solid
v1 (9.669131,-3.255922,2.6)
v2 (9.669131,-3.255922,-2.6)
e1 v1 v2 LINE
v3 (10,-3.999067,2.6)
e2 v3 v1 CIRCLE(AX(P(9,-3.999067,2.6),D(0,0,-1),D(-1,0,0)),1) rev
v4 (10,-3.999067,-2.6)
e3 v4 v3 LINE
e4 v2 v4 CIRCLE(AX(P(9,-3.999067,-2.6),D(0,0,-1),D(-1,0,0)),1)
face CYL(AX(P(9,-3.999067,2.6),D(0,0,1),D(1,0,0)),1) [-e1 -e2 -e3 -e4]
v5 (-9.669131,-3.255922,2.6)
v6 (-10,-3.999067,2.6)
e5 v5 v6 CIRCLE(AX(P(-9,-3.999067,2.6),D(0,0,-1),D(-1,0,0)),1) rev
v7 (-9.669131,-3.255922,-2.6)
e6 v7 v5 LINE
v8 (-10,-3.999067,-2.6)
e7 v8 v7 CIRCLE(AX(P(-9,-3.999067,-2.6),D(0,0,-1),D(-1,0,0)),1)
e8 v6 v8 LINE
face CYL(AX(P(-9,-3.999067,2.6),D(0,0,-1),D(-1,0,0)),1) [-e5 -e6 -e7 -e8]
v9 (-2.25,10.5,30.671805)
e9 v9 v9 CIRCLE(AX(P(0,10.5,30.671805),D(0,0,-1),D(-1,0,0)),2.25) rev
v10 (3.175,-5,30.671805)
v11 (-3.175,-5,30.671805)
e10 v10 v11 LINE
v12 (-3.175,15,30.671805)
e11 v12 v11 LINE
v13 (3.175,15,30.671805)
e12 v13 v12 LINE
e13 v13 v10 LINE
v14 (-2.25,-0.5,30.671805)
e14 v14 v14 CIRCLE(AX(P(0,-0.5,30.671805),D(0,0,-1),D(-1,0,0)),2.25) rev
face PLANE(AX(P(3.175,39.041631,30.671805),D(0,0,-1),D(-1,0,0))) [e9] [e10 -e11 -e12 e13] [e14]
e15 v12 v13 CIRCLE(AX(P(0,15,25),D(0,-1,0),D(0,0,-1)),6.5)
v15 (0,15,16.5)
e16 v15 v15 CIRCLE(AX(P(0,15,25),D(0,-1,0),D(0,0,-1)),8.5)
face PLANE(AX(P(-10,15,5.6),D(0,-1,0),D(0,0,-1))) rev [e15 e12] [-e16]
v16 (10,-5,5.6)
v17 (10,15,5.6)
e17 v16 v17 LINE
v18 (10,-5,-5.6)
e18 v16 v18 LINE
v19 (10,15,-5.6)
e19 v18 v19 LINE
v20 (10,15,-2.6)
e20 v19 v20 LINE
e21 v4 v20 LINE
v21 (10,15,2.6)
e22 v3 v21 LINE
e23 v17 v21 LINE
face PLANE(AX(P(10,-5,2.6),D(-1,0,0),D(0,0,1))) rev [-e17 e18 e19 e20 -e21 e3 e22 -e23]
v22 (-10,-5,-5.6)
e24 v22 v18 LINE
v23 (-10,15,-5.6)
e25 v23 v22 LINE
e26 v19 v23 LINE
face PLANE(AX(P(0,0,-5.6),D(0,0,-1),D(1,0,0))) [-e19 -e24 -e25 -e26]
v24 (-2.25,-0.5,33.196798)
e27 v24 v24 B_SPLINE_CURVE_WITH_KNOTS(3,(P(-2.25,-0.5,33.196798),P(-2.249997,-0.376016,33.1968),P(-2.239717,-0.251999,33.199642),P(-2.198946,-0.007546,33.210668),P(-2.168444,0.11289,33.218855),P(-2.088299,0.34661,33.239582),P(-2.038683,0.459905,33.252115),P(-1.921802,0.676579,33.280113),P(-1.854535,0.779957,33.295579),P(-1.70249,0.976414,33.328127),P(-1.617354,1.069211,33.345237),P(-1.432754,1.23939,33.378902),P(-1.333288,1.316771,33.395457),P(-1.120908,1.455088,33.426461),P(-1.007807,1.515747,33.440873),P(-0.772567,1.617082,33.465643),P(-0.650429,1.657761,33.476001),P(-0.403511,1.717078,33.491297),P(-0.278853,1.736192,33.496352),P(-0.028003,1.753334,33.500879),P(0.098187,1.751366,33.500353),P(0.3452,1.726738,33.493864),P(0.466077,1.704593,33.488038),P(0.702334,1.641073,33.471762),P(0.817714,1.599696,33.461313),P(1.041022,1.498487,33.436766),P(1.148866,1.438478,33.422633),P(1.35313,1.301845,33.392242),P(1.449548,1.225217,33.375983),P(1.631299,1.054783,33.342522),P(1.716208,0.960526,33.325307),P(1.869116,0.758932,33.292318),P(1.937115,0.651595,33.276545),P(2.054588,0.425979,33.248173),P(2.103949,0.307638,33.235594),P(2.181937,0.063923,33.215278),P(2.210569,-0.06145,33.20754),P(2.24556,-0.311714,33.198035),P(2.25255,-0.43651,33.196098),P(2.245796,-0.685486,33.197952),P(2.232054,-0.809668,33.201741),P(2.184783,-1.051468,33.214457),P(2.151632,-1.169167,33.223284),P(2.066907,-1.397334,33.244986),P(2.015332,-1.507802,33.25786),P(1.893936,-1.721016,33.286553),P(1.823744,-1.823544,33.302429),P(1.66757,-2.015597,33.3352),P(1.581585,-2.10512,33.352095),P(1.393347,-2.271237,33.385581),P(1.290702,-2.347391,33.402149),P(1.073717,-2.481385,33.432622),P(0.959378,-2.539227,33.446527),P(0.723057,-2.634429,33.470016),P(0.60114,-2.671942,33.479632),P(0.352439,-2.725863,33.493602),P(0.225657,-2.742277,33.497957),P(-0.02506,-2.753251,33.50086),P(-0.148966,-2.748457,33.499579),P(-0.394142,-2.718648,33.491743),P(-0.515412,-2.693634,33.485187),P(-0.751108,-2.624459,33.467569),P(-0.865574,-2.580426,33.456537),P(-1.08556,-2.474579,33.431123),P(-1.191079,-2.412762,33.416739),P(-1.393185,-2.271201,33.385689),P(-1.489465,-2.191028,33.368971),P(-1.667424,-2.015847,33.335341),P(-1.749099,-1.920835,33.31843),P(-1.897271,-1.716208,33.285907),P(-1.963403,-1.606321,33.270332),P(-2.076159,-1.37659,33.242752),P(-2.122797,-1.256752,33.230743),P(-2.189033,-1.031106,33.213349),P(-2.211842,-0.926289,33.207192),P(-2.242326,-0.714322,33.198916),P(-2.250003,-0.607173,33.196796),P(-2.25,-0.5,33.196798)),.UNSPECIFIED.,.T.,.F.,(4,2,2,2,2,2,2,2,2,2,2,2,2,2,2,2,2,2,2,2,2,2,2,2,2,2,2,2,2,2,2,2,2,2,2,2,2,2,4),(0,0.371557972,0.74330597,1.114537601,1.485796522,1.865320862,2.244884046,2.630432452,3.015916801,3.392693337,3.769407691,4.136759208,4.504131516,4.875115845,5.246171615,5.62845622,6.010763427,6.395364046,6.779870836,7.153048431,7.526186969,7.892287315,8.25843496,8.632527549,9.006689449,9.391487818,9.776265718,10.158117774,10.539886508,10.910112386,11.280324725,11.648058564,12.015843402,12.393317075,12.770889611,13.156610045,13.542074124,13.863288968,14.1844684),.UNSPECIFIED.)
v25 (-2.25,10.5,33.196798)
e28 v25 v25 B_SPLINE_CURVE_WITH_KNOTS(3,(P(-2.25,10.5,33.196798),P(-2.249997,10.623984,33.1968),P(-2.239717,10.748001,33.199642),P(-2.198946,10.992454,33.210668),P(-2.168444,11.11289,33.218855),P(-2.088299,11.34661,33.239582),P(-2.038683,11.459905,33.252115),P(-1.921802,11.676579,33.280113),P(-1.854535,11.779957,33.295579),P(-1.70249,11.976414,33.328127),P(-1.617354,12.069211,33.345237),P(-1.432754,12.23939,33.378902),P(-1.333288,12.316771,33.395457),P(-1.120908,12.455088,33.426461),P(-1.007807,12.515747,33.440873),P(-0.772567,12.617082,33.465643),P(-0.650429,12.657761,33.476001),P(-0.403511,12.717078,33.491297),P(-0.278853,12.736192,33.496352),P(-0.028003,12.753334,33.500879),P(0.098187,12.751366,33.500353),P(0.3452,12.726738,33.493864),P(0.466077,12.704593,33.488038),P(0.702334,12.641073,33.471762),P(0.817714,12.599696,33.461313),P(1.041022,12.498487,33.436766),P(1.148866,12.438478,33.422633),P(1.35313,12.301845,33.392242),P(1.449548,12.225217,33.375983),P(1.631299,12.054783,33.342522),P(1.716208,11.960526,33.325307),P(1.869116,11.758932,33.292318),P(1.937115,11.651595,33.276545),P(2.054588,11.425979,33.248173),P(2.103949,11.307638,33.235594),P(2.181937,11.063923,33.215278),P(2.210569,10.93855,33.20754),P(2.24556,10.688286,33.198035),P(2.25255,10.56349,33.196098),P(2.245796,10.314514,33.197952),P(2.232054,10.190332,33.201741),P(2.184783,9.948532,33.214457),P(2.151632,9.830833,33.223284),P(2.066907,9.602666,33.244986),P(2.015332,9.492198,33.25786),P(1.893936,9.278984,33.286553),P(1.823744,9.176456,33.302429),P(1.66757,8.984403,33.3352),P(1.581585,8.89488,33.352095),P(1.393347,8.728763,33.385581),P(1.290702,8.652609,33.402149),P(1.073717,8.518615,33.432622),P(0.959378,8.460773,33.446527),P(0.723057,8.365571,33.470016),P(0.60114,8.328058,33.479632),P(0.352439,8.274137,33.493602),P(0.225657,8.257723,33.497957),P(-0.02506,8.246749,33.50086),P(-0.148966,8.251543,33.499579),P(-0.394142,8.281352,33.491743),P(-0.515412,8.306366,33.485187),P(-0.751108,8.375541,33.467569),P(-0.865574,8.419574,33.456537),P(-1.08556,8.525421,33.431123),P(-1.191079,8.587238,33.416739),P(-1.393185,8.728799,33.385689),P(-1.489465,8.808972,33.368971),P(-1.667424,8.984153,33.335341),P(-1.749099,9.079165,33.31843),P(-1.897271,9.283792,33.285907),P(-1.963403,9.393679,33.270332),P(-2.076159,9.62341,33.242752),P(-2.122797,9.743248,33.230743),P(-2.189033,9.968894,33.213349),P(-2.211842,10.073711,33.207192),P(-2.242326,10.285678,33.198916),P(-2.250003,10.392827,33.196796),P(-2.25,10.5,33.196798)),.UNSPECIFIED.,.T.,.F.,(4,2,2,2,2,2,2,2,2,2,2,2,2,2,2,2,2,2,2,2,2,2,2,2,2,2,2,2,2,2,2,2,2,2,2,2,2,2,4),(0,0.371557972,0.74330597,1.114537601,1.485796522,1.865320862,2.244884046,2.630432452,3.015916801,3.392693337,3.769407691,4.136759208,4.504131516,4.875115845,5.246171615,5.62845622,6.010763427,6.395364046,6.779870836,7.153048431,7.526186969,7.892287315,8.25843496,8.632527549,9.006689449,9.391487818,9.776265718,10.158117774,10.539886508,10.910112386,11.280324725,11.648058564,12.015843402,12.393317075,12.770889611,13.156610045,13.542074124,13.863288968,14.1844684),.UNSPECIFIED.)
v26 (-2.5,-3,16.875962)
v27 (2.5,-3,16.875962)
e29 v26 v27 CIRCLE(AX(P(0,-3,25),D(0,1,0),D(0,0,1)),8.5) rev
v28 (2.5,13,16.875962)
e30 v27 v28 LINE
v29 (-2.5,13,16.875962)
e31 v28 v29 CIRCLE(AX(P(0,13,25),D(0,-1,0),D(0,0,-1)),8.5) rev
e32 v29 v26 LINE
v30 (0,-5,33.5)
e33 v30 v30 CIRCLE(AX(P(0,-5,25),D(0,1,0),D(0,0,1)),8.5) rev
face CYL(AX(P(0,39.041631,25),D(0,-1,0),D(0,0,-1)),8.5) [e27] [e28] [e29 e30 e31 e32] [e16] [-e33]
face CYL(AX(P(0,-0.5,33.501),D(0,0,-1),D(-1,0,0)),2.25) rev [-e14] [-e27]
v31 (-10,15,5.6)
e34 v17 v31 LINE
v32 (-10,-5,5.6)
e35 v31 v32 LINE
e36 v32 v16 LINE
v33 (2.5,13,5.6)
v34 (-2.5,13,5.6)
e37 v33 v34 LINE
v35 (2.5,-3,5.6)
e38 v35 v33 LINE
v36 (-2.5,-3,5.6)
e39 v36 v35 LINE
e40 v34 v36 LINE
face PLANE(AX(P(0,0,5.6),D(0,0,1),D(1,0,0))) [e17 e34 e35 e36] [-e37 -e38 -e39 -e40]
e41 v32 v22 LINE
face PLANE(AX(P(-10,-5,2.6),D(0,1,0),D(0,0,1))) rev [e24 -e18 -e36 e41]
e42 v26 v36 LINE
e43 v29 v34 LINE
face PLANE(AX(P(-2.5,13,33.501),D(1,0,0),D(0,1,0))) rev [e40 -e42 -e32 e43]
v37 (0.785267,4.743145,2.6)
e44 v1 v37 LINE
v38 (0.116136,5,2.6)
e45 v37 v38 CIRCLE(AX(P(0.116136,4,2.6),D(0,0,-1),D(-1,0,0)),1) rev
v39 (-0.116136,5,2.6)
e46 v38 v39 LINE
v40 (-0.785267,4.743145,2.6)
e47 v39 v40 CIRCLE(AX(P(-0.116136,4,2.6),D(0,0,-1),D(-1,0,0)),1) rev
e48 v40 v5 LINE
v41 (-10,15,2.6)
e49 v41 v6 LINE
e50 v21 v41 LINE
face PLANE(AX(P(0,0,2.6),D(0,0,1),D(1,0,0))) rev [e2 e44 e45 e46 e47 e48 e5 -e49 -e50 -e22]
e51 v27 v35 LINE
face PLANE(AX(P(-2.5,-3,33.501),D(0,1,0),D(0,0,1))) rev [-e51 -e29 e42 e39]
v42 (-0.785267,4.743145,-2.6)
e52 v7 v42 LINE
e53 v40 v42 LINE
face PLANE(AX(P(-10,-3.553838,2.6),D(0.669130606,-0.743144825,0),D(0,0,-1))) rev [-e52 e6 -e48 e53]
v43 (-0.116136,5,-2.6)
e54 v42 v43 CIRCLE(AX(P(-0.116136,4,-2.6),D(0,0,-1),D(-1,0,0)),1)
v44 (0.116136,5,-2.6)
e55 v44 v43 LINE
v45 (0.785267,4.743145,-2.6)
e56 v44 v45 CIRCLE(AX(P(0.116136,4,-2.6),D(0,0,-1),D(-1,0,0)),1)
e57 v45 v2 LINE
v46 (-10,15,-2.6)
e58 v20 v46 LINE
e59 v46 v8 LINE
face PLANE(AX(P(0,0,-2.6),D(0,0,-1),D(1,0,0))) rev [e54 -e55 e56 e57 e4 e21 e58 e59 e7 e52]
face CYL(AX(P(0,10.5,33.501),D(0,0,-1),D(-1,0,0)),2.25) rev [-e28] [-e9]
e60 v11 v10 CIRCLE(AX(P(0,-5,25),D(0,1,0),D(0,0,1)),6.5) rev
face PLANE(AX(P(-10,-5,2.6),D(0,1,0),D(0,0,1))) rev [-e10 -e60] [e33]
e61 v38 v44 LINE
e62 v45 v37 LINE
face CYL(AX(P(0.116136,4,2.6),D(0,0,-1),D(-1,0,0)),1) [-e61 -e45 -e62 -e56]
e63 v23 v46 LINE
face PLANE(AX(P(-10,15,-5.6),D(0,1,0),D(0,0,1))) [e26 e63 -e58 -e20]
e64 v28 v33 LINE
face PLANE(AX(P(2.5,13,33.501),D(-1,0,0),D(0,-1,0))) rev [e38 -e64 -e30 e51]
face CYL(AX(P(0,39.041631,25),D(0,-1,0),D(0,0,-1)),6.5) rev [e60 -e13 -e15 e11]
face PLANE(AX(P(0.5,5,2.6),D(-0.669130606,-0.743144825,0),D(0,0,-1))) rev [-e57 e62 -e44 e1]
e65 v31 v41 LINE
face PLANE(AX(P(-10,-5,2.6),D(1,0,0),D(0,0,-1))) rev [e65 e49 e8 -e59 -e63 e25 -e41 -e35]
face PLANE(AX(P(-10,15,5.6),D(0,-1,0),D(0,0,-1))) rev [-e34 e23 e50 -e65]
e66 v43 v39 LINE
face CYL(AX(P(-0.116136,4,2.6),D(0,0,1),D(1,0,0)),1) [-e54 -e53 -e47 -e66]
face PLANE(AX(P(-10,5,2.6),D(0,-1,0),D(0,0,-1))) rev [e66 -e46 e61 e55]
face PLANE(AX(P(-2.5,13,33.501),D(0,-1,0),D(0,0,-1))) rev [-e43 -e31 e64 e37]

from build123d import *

# Parameters (mm, degrees)
SKETCH2_W                       = 20
SKETCH2_H                       = 10
BOSS_EXTRUDE1_DEPTH             = 2.6
CHAMFER1_SIZE                   = 9.5
CHAMFER1_SIZE2                  = 8.553838421
FILLET3_R                       = 1
SKETCH3_W                       = 20
SKETCH3_H                       = 20
BOSS_EXTRUDE2_DEPTH             = 3
BOSS_EXTRUDE3_REACH             = 20.877
SKETCH6_R                       = 8.5
BOSS_EXTRUDE3_DIRECTION_2_REACH = 20.877
BOSS_EXTRUDE4_REACH             = 35.218
BOSS_EXTRUDE4_END_RADIUS        = 8.5
SKETCH5_W                       = 5
SKETCH5_H                       = 16
CUT_EXTRUDE1_REACH              = 33.311
CUT_EXTRUDE1_END_RADIUS         = 8.5
SKETCH7_R                       = 2.25


with BuildPart() as part:
    # Sketch2 → Boss-Extrude1 (new, symmetric)
    with BuildSketch(Plane.XY):
        Rectangle(SKETCH2_W, SKETCH2_H)
    extrude(amount=BOSS_EXTRUDE1_DEPTH, both=True)

    # Chamfer1
    chamfer1_edges = [part.edges().sort_by_distance(p)[0] for p in [
        (-10, 5, 0),
        (10, 5, 0),
    ]]
    chamfer1_side = [part.faces().sort_by_distance(p)[0] for p in [
        (0, 5, 0),
    ]]
    chamfer(chamfer1_edges, length=CHAMFER1_SIZE, length2=CHAMFER1_SIZE2, reference=chamfer1_side[0])

    # Fillet3
    fillet3_edges = [part.edges().sort_by_distance(p)[0] for p in [
        (-0.5, 5, 0),
        (0.5, 5, 0),
        (10, -3.553838421, 0),
        (-10, -3.553838421, 0),
    ]]
    fillet(fillet3_edges, radius=FILLET3_R)

    # Sketch3 → Boss-Extrude2 (add)
    with BuildSketch(Plane.XY.offset(2.6)):
        with Locations((0, 5)):
            Rectangle(SKETCH3_W, SKETCH3_H)
    boss_extrude2 = extrude(amount=BOSS_EXTRUDE2_DEPTH)

    # Mirror1: Boss-Extrude2 across plane
    add(boss_extrude2.mirror(Plane.XY))


with BuildPart() as body_2:

    # Boss-Extrude3: up to this face of the body (flat: up to its plane)
    boss_extrude3_end = Plane(part.part.faces().sort_by_distance((0, 15, 4.1))[0])
    # Sketch6 → Boss-Extrude3 (new, up to the picked face)
    with BuildSketch(Plane(origin=(0, 0, 0), x_dir=(1, 0, 0), z_dir=(0, 1, 0)), mode=Mode.PRIVATE) as boss_extrude3_sk1:
        with Locations(Location((0, -25, 0), (0, 0, 90))):
            Circle(SKETCH6_R)
        with BuildLine():
            Line((3.175, -30.671805268), (-3.175, -30.671805268))
            ThreePointArc((-3.175, -30.671805268), (0, -18.5), (3.175, -30.671805268))
        make_face(mode=Mode.SUBTRACT)
    boss_extrude3_tool1 = split(extrude(boss_extrude3_sk1.sketch, amount=BOSS_EXTRUDE3_REACH, mode=Mode.PRIVATE), bisect_by=boss_extrude3_end, keep=Keep.BOTH, mode=Mode.PRIVATE)
    add(boss_extrude3_tool1.solids().sort_by(Axis((0, 0, 33.259584), (0, 1, 0)))[0])


    # Boss-Extrude3 direction 2: up to this face of the body (flat: up to its plane)
    boss_extrude3_direction_2_end = Plane(part.part.faces().sort_by_distance((0, -5, 0))[0])
    # Sketch6 → Boss-Extrude3 direction 2 (add, up to the picked face)
    with BuildSketch(Plane(origin=(0, 0, 0), x_dir=(1, 0, 0), z_dir=(0, 1, 0)), mode=Mode.PRIVATE) as boss_extrude3_direction_2_sk1:
        with Locations(Location((0, -25, 0), (0, 0, 90))):
            Circle(SKETCH6_R)
        with BuildLine():
            Line((3.175, -30.671805268), (-3.175, -30.671805268))
            ThreePointArc((-3.175, -30.671805268), (0, -18.5), (3.175, -30.671805268))
        make_face(mode=Mode.SUBTRACT)
    boss_extrude3_direction_2_tool1 = split(extrude(boss_extrude3_direction_2_sk1.sketch, amount=-BOSS_EXTRUDE3_DIRECTION_2_REACH, mode=Mode.PRIVATE), bisect_by=boss_extrude3_direction_2_end, keep=Keep.BOTH, mode=Mode.PRIVATE)
    add(boss_extrude3_direction_2_tool1.solids().sort_by(Axis((0, 0, 33.259584), (0, -1, 0)))[0])


with BuildPart() as part_1:
    add(part.part)

    add(body_2.part)  # Boss-Extrude4 merges body 2
    # Boss-Extrude4: up to this cylinder (the profile starts outside it)
    boss_extrude4_end = Plane(origin=(0, 5, 25), z_dir=(0, -1, 0)) * Cylinder(BOSS_EXTRUDE4_END_RADIUS, 88.436, mode=Mode.PRIVATE)
    # Sketch5 → Boss-Extrude4 (add, up to the surface)
    with BuildSketch(Plane.XY.offset(5.6), mode=Mode.PRIVATE) as boss_extrude4_sk1:
        with Locations((0, 5)):
            Rectangle(SKETCH5_W, SKETCH5_H)
    boss_extrude4_tool1 = extrude(boss_extrude4_sk1.sketch, amount=BOSS_EXTRUDE4_REACH, mode=Mode.PRIVATE) - boss_extrude4_end
    add(boss_extrude4_tool1.solids().sort_by_distance((0, 5, 5.6))[0])

    # Cut-Extrude1: up to this cylinder (the profile starts inside it)
    cut_extrude1_end = Plane(origin=(0, 5, 25), z_dir=(0, -1, 0)) * Cylinder(CUT_EXTRUDE1_END_RADIUS, 95.622, mode=Mode.PRIVATE)
    # Sketch7 → Cut-Extrude1 (cut, up to the surface)
    with BuildSketch(Plane.XY.offset(20), mode=Mode.PRIVATE) as cut_extrude1_sk1:
        with Locations(Location((0, 10.5, 0), (0, 0, 180))):
            Circle(SKETCH7_R)
    cut_extrude1_tool1 = extrude(cut_extrude1_sk1.sketch, amount=CUT_EXTRUDE1_REACH, mode=Mode.PRIVATE) & cut_extrude1_end
    add(cut_extrude1_tool1.solids().sort_by_distance((0, 10.5, 20))[0], mode=Mode.SUBTRACT)
    # Sketch7 → Cut-Extrude1 (cut, up to the surface)
    with BuildSketch(Plane.XY.offset(20), mode=Mode.PRIVATE) as cut_extrude1_sk2:
        with Locations(Location((0, -0.5, 0), (0, 0, 180))):
            Circle(SKETCH7_R)
    cut_extrude1_tool2 = extrude(cut_extrude1_sk2.sketch, amount=CUT_EXTRUDE1_REACH, mode=Mode.PRIVATE) & cut_extrude1_end
    add(cut_extrude1_tool2.solids().sort_by_distance((0, -0.5, 20))[0], mode=Mode.SUBTRACT)


solid = part_1.part
